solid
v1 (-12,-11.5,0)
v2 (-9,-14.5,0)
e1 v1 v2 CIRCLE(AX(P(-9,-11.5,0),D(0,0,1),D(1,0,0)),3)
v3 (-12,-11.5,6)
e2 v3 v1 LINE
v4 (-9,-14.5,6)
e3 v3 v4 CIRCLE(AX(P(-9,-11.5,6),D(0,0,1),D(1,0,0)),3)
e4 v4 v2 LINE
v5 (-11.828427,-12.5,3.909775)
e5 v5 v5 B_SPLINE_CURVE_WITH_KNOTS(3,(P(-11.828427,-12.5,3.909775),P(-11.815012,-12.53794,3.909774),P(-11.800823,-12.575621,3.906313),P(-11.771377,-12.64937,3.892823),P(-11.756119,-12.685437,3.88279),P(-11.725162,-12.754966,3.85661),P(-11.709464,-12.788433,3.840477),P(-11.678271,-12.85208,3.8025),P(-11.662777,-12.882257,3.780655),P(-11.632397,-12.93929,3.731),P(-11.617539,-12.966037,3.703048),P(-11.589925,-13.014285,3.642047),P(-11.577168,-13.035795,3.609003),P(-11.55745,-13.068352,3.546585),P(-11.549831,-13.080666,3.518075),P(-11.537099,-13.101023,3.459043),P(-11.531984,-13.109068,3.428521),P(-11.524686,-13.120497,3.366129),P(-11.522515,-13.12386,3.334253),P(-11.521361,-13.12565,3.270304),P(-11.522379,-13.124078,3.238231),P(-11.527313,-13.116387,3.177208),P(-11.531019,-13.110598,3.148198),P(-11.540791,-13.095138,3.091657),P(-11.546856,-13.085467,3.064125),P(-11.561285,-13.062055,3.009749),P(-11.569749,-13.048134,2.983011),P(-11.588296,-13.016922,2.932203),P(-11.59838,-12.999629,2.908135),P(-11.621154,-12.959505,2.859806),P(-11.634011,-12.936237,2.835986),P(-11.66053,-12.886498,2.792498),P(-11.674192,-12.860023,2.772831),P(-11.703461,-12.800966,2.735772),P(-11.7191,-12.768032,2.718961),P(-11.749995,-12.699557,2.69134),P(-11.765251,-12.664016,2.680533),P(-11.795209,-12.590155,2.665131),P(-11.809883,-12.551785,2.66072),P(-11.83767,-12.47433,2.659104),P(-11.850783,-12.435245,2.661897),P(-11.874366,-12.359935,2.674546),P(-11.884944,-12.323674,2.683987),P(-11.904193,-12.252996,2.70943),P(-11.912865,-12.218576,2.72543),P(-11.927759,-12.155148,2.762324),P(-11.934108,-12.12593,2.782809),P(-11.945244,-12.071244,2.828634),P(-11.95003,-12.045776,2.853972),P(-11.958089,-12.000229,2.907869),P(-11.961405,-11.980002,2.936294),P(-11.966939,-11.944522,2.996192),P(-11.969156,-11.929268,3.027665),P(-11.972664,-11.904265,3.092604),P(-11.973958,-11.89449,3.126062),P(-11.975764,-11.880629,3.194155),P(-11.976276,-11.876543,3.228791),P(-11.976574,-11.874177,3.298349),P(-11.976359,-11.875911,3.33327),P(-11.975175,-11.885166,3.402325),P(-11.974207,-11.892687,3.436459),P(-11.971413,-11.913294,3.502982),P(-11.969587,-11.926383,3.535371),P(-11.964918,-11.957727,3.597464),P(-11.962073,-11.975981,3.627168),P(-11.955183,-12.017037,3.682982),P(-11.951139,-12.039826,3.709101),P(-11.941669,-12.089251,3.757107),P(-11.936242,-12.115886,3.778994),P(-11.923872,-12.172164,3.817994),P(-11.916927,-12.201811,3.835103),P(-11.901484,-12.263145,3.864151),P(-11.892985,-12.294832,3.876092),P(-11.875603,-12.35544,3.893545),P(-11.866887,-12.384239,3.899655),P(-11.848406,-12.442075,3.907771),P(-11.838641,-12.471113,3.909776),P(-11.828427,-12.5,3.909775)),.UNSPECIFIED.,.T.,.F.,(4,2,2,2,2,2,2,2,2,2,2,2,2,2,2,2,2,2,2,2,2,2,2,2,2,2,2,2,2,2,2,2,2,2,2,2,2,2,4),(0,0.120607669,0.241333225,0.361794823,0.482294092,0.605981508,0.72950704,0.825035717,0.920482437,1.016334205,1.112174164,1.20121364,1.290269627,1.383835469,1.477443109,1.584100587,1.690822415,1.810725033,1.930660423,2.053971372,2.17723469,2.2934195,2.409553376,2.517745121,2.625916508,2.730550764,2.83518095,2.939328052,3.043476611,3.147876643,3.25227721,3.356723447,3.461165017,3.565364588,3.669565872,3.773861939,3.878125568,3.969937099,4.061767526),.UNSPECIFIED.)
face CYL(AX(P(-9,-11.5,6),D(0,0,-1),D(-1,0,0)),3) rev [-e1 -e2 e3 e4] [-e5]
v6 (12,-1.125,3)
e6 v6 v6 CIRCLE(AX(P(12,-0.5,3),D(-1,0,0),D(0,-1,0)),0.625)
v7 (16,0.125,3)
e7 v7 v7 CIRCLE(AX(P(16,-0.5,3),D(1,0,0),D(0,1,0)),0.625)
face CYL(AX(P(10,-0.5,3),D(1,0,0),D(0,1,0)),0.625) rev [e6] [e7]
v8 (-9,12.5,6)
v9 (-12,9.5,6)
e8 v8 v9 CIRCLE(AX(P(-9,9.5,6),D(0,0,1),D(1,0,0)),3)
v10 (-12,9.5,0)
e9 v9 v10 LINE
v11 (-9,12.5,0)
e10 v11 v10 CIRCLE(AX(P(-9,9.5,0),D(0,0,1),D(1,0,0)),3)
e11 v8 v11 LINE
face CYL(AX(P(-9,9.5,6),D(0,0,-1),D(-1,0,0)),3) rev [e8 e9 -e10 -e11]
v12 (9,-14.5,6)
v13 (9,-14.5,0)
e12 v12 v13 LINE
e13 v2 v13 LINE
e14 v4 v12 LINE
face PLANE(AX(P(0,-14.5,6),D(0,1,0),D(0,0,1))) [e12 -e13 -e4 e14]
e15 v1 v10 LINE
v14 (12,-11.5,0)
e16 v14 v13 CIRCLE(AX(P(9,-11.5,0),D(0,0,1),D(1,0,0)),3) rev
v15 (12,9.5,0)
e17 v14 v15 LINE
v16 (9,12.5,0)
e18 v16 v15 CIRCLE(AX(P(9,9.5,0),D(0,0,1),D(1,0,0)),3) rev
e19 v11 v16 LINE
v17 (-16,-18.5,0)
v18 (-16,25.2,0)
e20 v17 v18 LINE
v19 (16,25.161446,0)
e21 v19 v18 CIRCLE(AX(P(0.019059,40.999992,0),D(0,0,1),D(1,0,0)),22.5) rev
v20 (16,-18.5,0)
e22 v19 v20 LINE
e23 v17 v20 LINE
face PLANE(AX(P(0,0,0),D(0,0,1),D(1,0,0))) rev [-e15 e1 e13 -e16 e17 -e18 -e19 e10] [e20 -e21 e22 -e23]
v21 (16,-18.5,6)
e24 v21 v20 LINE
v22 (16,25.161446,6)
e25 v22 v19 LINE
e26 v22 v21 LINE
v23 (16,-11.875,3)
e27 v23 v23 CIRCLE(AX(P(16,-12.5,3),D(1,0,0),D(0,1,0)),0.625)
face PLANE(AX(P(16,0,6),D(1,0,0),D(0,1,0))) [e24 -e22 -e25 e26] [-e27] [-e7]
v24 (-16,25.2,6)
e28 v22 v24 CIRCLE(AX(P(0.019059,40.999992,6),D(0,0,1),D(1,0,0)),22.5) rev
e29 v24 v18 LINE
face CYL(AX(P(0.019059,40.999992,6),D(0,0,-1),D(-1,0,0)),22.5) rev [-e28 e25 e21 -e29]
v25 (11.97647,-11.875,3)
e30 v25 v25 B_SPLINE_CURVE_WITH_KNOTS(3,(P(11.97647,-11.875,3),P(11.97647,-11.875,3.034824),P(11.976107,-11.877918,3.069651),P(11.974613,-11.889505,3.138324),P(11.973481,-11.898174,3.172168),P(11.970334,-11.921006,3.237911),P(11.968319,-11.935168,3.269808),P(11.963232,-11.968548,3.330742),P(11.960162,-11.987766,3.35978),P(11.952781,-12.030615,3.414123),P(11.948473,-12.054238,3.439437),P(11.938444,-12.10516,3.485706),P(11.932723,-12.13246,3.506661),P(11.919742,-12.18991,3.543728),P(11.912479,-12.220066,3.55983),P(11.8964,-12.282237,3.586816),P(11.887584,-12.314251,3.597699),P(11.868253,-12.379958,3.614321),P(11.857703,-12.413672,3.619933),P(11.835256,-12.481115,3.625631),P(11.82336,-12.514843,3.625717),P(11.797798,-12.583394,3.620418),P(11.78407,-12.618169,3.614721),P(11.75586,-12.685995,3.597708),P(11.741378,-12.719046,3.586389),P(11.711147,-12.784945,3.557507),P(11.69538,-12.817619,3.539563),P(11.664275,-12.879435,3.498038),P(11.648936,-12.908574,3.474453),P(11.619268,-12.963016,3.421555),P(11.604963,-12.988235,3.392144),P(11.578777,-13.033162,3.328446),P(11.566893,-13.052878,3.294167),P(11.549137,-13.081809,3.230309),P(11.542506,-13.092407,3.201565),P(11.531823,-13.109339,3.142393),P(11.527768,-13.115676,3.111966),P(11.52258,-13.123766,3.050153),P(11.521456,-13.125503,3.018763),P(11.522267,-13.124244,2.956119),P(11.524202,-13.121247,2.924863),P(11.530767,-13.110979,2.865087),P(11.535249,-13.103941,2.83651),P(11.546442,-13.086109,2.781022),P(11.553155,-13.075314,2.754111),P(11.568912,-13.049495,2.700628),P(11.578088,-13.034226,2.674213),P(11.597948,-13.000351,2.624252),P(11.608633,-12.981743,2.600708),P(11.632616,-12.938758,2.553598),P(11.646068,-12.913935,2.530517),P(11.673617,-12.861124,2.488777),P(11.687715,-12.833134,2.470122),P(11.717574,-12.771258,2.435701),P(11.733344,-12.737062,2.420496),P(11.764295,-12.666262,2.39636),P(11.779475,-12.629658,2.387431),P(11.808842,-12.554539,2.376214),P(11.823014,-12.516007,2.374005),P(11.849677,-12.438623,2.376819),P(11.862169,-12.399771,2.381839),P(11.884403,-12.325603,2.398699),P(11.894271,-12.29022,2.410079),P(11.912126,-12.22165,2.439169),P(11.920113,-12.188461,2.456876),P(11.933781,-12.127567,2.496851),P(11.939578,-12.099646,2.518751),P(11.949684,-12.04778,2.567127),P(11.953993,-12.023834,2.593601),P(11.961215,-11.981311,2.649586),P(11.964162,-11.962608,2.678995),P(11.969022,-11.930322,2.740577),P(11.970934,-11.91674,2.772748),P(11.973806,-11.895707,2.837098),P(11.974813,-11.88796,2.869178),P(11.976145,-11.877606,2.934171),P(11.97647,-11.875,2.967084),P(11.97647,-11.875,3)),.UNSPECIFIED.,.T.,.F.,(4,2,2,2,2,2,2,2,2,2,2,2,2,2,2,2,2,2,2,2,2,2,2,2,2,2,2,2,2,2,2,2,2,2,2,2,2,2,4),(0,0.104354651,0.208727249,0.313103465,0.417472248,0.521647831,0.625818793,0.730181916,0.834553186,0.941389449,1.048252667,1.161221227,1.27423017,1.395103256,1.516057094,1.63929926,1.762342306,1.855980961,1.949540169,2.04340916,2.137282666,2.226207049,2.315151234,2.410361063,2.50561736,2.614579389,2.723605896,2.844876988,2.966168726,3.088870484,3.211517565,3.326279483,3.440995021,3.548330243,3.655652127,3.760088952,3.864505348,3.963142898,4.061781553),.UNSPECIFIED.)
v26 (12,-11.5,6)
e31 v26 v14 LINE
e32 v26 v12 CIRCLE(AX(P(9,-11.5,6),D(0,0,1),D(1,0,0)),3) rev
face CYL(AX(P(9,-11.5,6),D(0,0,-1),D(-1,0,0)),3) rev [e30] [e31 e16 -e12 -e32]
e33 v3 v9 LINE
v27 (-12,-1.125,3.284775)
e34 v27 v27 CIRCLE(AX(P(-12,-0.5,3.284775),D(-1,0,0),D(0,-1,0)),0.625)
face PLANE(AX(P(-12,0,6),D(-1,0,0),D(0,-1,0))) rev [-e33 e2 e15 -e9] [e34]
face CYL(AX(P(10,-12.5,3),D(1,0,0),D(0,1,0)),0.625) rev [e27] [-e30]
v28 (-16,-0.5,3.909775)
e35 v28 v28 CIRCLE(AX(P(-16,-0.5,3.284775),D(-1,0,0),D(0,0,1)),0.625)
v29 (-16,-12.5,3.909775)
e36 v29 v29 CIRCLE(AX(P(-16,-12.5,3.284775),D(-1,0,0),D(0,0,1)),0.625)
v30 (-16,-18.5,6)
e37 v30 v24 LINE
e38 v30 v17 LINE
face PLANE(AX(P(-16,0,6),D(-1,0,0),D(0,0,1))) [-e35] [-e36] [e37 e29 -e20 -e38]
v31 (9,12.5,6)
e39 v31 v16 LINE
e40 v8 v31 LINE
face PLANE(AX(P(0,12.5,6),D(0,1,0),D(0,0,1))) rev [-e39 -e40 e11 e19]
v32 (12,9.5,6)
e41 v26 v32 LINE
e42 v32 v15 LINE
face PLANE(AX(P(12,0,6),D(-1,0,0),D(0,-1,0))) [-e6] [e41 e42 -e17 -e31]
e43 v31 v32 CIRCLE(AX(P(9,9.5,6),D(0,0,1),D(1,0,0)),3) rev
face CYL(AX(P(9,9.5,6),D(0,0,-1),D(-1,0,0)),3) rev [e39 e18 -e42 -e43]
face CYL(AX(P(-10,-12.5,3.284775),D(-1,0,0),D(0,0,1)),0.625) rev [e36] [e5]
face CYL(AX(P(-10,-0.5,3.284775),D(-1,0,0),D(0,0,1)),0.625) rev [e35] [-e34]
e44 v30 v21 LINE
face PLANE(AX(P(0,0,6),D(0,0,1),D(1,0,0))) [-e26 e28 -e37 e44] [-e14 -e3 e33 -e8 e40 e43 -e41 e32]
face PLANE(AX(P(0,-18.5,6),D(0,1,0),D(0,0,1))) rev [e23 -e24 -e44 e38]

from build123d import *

# Parameters (mm, degrees)
BOSS_EXTRU_1_DEPTH      = 6
ESQUISSE3_R             = 0.625
ENL_V_MAT_EXTRU_4_DEPTH = 6
ESQUISSE4_R             = 0.625
ENL_V_MAT_EXTRU_5_DEPTH = 6


with BuildPart() as part:
    # Esquisse1 → Boss.-Extru.1 (new body)
    with BuildSketch(Plane.XY):
        with BuildLine():
            Line((-16, 25.2), (-16, -18.5))
            Line((-16, -18.5), (16, -18.5))
            Line((16, -18.5), (16, 25.161446269))
            ThreePointArc((16, 25.161446269), (-0.008048953, 18.500008258), (-16, 25.2))
        make_face()
        with BuildLine():
            ThreePointArc((-9, -14.5), (-11.121320344, -13.621320344), (-12, -11.5))
            Line((-12, -11.5), (-12, 9.5))
            ThreePointArc((-12, 9.5), (-11.121320344, 11.621320344), (-9, 12.5))
            Line((-9, 12.5), (9, 12.5))
            ThreePointArc((9, 12.5), (11.121320344, 11.621320344), (12, 9.5))
            Line((12, 9.5), (12, -11.5))
            ThreePointArc((12, -11.5), (11.121320344, -13.621320344), (9, -14.5))
            Line((9, -14.5), (-9, -14.5))
        make_face(mode=Mode.SUBTRACT)
    extrude(amount=BOSS_EXTRU_1_DEPTH)

    # Esquisse3 → Enlèv. mat.-Extru.4 (cut)
    with BuildSketch(Plane(origin=(16, 0, 0), x_dir=(0, 0, -1), z_dir=(1, 0, 0))):
        with Locations(Location((-3, -0.5, 0), (0, 0, 90))):
            Circle(ESQUISSE3_R)
        with Locations(Location((-3, -12.5, 0), (0, 0, 90))):
            Circle(ESQUISSE3_R)
    extrude(amount=-ENL_V_MAT_EXTRU_4_DEPTH, mode=Mode.SUBTRACT)

    # Esquisse4 → Enlèv. mat.-Extru.5 (cut)
    with BuildSketch(Plane.ZY.offset(16)):
        with Locations((3.284775488, -12.5)):
            Circle(ESQUISSE4_R)
        with Locations((3.284775488, -0.5)):
            Circle(ESQUISSE4_R)
    extrude(amount=-ENL_V_MAT_EXTRU_5_DEPTH, mode=Mode.SUBTRACT)


solid = part.part
